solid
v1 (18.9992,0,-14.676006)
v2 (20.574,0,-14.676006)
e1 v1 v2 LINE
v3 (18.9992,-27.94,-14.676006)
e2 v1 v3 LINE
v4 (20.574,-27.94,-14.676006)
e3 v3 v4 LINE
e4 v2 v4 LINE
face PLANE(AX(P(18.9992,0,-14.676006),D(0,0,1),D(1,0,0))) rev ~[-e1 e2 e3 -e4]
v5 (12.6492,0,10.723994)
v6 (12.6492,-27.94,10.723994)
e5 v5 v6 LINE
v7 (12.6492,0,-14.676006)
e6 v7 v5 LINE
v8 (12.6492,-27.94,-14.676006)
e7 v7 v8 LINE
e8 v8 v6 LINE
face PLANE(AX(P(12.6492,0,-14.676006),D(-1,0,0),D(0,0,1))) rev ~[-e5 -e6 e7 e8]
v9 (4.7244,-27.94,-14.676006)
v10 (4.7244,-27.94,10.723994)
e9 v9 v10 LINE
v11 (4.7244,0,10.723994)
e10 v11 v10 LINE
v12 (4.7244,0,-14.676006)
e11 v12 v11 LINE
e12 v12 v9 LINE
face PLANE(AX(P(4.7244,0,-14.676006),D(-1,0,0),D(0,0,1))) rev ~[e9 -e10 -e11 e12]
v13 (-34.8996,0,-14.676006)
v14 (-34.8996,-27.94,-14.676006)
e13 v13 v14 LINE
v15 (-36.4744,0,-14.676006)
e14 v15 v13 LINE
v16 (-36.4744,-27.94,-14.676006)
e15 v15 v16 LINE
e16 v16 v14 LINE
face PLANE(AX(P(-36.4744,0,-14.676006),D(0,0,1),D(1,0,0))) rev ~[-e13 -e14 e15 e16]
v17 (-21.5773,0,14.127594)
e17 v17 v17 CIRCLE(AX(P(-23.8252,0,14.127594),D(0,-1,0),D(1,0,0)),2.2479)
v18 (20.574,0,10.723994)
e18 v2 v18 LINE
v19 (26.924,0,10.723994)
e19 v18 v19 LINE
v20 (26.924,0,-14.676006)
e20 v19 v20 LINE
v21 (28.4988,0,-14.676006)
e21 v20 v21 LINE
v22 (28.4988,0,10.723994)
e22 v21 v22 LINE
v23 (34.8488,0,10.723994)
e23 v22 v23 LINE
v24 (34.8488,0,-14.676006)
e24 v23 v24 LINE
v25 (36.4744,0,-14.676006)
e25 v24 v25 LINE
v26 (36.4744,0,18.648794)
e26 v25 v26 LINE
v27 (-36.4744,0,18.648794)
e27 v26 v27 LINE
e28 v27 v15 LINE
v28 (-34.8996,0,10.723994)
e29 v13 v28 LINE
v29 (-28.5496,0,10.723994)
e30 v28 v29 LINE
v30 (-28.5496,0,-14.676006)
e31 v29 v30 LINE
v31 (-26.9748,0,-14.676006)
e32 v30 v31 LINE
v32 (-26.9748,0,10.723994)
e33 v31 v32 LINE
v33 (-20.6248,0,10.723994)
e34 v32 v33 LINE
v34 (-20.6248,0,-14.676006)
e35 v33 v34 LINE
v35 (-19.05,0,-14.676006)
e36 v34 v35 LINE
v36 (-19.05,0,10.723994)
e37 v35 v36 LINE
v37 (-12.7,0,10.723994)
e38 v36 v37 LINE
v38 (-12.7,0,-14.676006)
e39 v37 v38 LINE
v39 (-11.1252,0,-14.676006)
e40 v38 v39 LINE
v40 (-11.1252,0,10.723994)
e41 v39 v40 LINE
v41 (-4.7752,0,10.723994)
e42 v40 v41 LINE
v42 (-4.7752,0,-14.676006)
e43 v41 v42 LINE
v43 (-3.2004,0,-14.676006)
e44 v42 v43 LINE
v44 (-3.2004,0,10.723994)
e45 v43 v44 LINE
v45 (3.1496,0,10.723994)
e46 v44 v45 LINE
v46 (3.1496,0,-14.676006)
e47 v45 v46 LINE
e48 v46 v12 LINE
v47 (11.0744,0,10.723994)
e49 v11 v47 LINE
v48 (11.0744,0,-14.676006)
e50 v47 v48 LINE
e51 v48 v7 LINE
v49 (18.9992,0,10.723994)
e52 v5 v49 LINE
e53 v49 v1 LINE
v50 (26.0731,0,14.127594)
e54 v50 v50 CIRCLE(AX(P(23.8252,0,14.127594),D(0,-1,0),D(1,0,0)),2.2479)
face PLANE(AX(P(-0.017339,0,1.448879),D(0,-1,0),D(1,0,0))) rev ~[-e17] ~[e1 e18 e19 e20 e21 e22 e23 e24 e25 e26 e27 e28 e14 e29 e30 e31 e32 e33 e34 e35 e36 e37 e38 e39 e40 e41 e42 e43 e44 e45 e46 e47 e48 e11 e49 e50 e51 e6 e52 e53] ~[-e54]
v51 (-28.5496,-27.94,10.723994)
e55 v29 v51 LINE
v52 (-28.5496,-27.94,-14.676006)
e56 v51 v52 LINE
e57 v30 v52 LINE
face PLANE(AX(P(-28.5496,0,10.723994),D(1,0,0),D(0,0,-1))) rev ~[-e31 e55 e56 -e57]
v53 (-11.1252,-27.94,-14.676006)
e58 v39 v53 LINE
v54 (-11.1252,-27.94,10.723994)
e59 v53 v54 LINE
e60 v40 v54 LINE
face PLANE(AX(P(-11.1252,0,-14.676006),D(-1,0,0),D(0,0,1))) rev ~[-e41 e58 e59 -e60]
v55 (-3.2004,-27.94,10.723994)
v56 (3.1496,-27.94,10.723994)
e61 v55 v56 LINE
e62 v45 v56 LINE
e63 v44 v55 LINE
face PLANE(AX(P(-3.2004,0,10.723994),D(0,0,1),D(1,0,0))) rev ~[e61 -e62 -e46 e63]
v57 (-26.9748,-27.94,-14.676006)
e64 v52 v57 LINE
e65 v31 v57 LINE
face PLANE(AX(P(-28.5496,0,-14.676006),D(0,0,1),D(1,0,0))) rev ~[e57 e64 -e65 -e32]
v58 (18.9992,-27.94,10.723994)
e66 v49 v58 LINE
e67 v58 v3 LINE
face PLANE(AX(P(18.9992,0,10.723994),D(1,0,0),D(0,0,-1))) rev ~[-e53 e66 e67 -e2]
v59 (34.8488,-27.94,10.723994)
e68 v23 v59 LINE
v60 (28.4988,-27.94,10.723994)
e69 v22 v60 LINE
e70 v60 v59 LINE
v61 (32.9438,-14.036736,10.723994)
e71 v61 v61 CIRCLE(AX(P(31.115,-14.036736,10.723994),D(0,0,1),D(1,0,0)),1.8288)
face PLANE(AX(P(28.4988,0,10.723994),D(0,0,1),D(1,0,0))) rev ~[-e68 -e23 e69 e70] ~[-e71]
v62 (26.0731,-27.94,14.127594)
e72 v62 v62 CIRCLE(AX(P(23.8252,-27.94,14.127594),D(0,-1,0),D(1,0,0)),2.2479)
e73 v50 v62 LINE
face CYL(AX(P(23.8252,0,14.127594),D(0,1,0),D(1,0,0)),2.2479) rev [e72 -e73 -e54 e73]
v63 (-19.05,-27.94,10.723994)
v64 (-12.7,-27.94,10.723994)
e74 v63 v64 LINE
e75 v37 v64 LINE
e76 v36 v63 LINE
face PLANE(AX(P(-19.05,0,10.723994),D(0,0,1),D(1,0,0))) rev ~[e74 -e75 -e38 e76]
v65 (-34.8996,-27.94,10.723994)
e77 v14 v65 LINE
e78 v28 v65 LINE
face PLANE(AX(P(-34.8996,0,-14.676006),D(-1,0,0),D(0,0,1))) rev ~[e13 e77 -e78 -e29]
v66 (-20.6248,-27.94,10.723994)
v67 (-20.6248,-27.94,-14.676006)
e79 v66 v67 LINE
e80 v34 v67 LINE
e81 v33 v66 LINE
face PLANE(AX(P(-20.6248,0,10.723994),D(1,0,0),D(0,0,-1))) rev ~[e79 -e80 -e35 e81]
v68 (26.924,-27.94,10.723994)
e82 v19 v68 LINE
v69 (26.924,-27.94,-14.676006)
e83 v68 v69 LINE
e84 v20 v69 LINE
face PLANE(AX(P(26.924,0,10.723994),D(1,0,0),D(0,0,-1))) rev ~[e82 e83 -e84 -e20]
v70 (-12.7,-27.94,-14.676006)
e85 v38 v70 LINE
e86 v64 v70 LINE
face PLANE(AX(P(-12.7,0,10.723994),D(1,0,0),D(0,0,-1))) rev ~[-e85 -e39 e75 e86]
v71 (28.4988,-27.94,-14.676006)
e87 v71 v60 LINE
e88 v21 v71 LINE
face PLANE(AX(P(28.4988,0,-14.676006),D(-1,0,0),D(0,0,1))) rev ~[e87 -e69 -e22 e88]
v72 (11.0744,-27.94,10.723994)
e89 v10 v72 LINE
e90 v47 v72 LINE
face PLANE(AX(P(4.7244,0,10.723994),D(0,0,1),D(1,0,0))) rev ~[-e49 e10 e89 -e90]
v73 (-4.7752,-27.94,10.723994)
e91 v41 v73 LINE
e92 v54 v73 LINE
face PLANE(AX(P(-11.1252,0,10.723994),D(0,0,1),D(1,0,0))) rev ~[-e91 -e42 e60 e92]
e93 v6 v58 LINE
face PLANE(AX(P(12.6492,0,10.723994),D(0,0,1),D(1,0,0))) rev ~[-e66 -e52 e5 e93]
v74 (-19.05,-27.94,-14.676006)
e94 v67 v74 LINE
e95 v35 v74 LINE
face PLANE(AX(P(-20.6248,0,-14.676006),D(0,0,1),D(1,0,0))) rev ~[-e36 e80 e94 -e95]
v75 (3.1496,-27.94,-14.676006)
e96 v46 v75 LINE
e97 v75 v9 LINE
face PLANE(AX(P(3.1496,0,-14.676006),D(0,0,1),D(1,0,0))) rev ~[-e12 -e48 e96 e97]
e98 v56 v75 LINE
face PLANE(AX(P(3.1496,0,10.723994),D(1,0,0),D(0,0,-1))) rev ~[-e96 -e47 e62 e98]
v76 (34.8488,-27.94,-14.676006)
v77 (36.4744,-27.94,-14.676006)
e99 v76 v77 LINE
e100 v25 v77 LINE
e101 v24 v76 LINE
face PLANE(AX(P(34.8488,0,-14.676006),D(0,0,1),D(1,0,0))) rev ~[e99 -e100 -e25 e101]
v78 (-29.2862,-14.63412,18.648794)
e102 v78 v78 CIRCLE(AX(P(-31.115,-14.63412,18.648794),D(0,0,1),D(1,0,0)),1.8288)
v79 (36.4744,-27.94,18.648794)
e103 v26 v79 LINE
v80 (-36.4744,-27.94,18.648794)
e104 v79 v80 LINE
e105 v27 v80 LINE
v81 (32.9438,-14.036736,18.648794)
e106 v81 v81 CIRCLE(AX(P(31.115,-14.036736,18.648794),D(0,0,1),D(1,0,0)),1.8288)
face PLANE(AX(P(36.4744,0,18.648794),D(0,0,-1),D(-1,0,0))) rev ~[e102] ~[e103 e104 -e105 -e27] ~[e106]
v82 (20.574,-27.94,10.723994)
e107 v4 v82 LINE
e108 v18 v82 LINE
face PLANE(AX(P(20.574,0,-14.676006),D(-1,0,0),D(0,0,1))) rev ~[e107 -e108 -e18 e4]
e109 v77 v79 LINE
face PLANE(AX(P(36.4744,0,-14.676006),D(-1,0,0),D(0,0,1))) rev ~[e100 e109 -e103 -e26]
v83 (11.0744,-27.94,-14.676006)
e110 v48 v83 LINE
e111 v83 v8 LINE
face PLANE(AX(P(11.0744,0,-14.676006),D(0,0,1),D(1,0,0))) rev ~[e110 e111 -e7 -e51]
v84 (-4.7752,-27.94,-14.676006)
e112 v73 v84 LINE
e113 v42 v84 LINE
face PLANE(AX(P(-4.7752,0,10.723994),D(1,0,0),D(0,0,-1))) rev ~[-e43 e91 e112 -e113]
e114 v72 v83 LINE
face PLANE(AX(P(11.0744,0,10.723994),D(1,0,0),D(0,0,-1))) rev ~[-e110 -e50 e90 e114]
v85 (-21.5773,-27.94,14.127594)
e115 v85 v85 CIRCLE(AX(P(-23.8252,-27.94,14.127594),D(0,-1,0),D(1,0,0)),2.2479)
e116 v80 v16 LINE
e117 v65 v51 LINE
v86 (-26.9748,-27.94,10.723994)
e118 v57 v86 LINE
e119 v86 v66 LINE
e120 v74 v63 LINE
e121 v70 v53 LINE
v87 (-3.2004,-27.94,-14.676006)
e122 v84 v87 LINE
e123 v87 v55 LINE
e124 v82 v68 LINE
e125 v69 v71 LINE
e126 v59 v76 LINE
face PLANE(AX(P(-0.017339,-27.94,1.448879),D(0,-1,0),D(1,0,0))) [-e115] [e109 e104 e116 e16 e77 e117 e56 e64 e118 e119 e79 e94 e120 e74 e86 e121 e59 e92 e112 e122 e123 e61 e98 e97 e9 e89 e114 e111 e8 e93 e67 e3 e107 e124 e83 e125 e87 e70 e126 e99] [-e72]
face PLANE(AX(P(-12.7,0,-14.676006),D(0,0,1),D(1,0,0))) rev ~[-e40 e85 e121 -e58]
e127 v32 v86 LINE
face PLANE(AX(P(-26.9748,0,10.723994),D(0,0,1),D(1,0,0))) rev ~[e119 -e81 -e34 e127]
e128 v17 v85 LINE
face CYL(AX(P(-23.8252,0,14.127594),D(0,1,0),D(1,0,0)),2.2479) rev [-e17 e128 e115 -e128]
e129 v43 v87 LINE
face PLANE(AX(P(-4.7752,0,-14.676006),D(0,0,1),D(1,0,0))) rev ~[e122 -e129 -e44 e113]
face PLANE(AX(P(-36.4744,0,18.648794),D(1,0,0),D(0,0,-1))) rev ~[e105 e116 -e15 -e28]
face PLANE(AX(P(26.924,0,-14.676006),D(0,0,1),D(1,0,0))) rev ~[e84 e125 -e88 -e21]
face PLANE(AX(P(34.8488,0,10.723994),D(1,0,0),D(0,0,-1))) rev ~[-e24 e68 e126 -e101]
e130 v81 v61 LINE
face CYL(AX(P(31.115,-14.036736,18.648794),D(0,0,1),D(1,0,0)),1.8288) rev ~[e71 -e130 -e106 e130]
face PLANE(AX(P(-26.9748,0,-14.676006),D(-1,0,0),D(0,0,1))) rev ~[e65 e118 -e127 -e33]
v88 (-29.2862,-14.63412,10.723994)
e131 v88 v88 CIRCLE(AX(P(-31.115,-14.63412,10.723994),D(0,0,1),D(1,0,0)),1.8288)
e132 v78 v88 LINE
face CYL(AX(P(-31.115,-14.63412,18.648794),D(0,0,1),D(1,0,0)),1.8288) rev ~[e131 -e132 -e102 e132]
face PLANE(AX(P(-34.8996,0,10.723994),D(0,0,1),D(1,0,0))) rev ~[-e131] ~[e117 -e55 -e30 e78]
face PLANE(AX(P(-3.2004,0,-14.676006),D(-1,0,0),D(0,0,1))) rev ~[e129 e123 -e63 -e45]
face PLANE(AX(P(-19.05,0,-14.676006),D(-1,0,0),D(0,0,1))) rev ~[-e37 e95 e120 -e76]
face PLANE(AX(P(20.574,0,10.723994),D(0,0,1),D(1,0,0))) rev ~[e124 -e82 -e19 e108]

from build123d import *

# Parameters (mm, degrees)
F0_R     = 2.2479
F1_DEPTH = 27.94
F2_R     = 1.8288
F3_DEPTH = 33.3258
F4_DEPTH = 33.3258


with BuildPart() as f1:
    # F0 (on Front) → F1 (new body)
    with BuildSketch(Plane.XZ):
        Polygon((-36.4744, 18.648794), (-36.4744, -14.676006), (-34.8996, -14.676006), (-34.8996, 10.723994), (-28.5496, 10.723994), (-28.5496, -14.676006), (-26.9748, -14.676006), (-26.9748, 10.723994), (-20.6248, 10.723994), (-20.6248, -14.676006), (-19.05, -14.676006), (-19.05, 10.723994), (-12.7, 10.723994), (-12.7, -14.676006), (-11.1252, -14.676006), (-11.1252, 10.723994), (-4.7752, 10.723994), (-4.7752, -14.676006), (-3.2004, -14.676006), (-3.2004, 10.723994), (3.1496, 10.723994), (3.1496, -14.676006), (4.7244, -14.676006), (4.7244, 10.723994), (11.0744, 10.723994), (11.0744, -14.676006), (12.6492, -14.676006), (12.6492, 10.723994), (18.9992, 10.723994), (18.9992, -14.676006), (20.574, -14.676006), (20.574, 10.723994), (26.924, 10.723994), (26.924, -14.676006), (28.4988, -14.676006), (28.4988, 10.723994), (34.8488, 10.723994), (34.8488, -14.676006), (36.4744, -14.676006), (36.4744, 18.648794), align=None)
        with Locations((-23.8252, 14.127594)):
            Circle(F0_R, mode=Mode.SUBTRACT)
        with Locations((23.8252, 14.127594)):
            Circle(F0_R, mode=Mode.SUBTRACT)
    extrude(amount=F1_DEPTH)

    # F2 (on face) → F3 (cut, through all)
    with BuildSketch(Plane.XY.offset(18.648794)):
        with Locations((-31.115, -14.63412)):
            Circle(F2_R)
    extrude(amount=-F3_DEPTH, mode=Mode.SUBTRACT)

    # F2 (on face) → F4 (cut, through all)
    with BuildSketch(Plane.XY.offset(18.648794)):
        with Locations((31.115, -14.036736)):
            Circle(F2_R)
        with Locations((-31.115, -14.63412)):
            Circle(F2_R)
    extrude(amount=-F4_DEPTH, mode=Mode.SUBTRACT)


solid = f1.part
